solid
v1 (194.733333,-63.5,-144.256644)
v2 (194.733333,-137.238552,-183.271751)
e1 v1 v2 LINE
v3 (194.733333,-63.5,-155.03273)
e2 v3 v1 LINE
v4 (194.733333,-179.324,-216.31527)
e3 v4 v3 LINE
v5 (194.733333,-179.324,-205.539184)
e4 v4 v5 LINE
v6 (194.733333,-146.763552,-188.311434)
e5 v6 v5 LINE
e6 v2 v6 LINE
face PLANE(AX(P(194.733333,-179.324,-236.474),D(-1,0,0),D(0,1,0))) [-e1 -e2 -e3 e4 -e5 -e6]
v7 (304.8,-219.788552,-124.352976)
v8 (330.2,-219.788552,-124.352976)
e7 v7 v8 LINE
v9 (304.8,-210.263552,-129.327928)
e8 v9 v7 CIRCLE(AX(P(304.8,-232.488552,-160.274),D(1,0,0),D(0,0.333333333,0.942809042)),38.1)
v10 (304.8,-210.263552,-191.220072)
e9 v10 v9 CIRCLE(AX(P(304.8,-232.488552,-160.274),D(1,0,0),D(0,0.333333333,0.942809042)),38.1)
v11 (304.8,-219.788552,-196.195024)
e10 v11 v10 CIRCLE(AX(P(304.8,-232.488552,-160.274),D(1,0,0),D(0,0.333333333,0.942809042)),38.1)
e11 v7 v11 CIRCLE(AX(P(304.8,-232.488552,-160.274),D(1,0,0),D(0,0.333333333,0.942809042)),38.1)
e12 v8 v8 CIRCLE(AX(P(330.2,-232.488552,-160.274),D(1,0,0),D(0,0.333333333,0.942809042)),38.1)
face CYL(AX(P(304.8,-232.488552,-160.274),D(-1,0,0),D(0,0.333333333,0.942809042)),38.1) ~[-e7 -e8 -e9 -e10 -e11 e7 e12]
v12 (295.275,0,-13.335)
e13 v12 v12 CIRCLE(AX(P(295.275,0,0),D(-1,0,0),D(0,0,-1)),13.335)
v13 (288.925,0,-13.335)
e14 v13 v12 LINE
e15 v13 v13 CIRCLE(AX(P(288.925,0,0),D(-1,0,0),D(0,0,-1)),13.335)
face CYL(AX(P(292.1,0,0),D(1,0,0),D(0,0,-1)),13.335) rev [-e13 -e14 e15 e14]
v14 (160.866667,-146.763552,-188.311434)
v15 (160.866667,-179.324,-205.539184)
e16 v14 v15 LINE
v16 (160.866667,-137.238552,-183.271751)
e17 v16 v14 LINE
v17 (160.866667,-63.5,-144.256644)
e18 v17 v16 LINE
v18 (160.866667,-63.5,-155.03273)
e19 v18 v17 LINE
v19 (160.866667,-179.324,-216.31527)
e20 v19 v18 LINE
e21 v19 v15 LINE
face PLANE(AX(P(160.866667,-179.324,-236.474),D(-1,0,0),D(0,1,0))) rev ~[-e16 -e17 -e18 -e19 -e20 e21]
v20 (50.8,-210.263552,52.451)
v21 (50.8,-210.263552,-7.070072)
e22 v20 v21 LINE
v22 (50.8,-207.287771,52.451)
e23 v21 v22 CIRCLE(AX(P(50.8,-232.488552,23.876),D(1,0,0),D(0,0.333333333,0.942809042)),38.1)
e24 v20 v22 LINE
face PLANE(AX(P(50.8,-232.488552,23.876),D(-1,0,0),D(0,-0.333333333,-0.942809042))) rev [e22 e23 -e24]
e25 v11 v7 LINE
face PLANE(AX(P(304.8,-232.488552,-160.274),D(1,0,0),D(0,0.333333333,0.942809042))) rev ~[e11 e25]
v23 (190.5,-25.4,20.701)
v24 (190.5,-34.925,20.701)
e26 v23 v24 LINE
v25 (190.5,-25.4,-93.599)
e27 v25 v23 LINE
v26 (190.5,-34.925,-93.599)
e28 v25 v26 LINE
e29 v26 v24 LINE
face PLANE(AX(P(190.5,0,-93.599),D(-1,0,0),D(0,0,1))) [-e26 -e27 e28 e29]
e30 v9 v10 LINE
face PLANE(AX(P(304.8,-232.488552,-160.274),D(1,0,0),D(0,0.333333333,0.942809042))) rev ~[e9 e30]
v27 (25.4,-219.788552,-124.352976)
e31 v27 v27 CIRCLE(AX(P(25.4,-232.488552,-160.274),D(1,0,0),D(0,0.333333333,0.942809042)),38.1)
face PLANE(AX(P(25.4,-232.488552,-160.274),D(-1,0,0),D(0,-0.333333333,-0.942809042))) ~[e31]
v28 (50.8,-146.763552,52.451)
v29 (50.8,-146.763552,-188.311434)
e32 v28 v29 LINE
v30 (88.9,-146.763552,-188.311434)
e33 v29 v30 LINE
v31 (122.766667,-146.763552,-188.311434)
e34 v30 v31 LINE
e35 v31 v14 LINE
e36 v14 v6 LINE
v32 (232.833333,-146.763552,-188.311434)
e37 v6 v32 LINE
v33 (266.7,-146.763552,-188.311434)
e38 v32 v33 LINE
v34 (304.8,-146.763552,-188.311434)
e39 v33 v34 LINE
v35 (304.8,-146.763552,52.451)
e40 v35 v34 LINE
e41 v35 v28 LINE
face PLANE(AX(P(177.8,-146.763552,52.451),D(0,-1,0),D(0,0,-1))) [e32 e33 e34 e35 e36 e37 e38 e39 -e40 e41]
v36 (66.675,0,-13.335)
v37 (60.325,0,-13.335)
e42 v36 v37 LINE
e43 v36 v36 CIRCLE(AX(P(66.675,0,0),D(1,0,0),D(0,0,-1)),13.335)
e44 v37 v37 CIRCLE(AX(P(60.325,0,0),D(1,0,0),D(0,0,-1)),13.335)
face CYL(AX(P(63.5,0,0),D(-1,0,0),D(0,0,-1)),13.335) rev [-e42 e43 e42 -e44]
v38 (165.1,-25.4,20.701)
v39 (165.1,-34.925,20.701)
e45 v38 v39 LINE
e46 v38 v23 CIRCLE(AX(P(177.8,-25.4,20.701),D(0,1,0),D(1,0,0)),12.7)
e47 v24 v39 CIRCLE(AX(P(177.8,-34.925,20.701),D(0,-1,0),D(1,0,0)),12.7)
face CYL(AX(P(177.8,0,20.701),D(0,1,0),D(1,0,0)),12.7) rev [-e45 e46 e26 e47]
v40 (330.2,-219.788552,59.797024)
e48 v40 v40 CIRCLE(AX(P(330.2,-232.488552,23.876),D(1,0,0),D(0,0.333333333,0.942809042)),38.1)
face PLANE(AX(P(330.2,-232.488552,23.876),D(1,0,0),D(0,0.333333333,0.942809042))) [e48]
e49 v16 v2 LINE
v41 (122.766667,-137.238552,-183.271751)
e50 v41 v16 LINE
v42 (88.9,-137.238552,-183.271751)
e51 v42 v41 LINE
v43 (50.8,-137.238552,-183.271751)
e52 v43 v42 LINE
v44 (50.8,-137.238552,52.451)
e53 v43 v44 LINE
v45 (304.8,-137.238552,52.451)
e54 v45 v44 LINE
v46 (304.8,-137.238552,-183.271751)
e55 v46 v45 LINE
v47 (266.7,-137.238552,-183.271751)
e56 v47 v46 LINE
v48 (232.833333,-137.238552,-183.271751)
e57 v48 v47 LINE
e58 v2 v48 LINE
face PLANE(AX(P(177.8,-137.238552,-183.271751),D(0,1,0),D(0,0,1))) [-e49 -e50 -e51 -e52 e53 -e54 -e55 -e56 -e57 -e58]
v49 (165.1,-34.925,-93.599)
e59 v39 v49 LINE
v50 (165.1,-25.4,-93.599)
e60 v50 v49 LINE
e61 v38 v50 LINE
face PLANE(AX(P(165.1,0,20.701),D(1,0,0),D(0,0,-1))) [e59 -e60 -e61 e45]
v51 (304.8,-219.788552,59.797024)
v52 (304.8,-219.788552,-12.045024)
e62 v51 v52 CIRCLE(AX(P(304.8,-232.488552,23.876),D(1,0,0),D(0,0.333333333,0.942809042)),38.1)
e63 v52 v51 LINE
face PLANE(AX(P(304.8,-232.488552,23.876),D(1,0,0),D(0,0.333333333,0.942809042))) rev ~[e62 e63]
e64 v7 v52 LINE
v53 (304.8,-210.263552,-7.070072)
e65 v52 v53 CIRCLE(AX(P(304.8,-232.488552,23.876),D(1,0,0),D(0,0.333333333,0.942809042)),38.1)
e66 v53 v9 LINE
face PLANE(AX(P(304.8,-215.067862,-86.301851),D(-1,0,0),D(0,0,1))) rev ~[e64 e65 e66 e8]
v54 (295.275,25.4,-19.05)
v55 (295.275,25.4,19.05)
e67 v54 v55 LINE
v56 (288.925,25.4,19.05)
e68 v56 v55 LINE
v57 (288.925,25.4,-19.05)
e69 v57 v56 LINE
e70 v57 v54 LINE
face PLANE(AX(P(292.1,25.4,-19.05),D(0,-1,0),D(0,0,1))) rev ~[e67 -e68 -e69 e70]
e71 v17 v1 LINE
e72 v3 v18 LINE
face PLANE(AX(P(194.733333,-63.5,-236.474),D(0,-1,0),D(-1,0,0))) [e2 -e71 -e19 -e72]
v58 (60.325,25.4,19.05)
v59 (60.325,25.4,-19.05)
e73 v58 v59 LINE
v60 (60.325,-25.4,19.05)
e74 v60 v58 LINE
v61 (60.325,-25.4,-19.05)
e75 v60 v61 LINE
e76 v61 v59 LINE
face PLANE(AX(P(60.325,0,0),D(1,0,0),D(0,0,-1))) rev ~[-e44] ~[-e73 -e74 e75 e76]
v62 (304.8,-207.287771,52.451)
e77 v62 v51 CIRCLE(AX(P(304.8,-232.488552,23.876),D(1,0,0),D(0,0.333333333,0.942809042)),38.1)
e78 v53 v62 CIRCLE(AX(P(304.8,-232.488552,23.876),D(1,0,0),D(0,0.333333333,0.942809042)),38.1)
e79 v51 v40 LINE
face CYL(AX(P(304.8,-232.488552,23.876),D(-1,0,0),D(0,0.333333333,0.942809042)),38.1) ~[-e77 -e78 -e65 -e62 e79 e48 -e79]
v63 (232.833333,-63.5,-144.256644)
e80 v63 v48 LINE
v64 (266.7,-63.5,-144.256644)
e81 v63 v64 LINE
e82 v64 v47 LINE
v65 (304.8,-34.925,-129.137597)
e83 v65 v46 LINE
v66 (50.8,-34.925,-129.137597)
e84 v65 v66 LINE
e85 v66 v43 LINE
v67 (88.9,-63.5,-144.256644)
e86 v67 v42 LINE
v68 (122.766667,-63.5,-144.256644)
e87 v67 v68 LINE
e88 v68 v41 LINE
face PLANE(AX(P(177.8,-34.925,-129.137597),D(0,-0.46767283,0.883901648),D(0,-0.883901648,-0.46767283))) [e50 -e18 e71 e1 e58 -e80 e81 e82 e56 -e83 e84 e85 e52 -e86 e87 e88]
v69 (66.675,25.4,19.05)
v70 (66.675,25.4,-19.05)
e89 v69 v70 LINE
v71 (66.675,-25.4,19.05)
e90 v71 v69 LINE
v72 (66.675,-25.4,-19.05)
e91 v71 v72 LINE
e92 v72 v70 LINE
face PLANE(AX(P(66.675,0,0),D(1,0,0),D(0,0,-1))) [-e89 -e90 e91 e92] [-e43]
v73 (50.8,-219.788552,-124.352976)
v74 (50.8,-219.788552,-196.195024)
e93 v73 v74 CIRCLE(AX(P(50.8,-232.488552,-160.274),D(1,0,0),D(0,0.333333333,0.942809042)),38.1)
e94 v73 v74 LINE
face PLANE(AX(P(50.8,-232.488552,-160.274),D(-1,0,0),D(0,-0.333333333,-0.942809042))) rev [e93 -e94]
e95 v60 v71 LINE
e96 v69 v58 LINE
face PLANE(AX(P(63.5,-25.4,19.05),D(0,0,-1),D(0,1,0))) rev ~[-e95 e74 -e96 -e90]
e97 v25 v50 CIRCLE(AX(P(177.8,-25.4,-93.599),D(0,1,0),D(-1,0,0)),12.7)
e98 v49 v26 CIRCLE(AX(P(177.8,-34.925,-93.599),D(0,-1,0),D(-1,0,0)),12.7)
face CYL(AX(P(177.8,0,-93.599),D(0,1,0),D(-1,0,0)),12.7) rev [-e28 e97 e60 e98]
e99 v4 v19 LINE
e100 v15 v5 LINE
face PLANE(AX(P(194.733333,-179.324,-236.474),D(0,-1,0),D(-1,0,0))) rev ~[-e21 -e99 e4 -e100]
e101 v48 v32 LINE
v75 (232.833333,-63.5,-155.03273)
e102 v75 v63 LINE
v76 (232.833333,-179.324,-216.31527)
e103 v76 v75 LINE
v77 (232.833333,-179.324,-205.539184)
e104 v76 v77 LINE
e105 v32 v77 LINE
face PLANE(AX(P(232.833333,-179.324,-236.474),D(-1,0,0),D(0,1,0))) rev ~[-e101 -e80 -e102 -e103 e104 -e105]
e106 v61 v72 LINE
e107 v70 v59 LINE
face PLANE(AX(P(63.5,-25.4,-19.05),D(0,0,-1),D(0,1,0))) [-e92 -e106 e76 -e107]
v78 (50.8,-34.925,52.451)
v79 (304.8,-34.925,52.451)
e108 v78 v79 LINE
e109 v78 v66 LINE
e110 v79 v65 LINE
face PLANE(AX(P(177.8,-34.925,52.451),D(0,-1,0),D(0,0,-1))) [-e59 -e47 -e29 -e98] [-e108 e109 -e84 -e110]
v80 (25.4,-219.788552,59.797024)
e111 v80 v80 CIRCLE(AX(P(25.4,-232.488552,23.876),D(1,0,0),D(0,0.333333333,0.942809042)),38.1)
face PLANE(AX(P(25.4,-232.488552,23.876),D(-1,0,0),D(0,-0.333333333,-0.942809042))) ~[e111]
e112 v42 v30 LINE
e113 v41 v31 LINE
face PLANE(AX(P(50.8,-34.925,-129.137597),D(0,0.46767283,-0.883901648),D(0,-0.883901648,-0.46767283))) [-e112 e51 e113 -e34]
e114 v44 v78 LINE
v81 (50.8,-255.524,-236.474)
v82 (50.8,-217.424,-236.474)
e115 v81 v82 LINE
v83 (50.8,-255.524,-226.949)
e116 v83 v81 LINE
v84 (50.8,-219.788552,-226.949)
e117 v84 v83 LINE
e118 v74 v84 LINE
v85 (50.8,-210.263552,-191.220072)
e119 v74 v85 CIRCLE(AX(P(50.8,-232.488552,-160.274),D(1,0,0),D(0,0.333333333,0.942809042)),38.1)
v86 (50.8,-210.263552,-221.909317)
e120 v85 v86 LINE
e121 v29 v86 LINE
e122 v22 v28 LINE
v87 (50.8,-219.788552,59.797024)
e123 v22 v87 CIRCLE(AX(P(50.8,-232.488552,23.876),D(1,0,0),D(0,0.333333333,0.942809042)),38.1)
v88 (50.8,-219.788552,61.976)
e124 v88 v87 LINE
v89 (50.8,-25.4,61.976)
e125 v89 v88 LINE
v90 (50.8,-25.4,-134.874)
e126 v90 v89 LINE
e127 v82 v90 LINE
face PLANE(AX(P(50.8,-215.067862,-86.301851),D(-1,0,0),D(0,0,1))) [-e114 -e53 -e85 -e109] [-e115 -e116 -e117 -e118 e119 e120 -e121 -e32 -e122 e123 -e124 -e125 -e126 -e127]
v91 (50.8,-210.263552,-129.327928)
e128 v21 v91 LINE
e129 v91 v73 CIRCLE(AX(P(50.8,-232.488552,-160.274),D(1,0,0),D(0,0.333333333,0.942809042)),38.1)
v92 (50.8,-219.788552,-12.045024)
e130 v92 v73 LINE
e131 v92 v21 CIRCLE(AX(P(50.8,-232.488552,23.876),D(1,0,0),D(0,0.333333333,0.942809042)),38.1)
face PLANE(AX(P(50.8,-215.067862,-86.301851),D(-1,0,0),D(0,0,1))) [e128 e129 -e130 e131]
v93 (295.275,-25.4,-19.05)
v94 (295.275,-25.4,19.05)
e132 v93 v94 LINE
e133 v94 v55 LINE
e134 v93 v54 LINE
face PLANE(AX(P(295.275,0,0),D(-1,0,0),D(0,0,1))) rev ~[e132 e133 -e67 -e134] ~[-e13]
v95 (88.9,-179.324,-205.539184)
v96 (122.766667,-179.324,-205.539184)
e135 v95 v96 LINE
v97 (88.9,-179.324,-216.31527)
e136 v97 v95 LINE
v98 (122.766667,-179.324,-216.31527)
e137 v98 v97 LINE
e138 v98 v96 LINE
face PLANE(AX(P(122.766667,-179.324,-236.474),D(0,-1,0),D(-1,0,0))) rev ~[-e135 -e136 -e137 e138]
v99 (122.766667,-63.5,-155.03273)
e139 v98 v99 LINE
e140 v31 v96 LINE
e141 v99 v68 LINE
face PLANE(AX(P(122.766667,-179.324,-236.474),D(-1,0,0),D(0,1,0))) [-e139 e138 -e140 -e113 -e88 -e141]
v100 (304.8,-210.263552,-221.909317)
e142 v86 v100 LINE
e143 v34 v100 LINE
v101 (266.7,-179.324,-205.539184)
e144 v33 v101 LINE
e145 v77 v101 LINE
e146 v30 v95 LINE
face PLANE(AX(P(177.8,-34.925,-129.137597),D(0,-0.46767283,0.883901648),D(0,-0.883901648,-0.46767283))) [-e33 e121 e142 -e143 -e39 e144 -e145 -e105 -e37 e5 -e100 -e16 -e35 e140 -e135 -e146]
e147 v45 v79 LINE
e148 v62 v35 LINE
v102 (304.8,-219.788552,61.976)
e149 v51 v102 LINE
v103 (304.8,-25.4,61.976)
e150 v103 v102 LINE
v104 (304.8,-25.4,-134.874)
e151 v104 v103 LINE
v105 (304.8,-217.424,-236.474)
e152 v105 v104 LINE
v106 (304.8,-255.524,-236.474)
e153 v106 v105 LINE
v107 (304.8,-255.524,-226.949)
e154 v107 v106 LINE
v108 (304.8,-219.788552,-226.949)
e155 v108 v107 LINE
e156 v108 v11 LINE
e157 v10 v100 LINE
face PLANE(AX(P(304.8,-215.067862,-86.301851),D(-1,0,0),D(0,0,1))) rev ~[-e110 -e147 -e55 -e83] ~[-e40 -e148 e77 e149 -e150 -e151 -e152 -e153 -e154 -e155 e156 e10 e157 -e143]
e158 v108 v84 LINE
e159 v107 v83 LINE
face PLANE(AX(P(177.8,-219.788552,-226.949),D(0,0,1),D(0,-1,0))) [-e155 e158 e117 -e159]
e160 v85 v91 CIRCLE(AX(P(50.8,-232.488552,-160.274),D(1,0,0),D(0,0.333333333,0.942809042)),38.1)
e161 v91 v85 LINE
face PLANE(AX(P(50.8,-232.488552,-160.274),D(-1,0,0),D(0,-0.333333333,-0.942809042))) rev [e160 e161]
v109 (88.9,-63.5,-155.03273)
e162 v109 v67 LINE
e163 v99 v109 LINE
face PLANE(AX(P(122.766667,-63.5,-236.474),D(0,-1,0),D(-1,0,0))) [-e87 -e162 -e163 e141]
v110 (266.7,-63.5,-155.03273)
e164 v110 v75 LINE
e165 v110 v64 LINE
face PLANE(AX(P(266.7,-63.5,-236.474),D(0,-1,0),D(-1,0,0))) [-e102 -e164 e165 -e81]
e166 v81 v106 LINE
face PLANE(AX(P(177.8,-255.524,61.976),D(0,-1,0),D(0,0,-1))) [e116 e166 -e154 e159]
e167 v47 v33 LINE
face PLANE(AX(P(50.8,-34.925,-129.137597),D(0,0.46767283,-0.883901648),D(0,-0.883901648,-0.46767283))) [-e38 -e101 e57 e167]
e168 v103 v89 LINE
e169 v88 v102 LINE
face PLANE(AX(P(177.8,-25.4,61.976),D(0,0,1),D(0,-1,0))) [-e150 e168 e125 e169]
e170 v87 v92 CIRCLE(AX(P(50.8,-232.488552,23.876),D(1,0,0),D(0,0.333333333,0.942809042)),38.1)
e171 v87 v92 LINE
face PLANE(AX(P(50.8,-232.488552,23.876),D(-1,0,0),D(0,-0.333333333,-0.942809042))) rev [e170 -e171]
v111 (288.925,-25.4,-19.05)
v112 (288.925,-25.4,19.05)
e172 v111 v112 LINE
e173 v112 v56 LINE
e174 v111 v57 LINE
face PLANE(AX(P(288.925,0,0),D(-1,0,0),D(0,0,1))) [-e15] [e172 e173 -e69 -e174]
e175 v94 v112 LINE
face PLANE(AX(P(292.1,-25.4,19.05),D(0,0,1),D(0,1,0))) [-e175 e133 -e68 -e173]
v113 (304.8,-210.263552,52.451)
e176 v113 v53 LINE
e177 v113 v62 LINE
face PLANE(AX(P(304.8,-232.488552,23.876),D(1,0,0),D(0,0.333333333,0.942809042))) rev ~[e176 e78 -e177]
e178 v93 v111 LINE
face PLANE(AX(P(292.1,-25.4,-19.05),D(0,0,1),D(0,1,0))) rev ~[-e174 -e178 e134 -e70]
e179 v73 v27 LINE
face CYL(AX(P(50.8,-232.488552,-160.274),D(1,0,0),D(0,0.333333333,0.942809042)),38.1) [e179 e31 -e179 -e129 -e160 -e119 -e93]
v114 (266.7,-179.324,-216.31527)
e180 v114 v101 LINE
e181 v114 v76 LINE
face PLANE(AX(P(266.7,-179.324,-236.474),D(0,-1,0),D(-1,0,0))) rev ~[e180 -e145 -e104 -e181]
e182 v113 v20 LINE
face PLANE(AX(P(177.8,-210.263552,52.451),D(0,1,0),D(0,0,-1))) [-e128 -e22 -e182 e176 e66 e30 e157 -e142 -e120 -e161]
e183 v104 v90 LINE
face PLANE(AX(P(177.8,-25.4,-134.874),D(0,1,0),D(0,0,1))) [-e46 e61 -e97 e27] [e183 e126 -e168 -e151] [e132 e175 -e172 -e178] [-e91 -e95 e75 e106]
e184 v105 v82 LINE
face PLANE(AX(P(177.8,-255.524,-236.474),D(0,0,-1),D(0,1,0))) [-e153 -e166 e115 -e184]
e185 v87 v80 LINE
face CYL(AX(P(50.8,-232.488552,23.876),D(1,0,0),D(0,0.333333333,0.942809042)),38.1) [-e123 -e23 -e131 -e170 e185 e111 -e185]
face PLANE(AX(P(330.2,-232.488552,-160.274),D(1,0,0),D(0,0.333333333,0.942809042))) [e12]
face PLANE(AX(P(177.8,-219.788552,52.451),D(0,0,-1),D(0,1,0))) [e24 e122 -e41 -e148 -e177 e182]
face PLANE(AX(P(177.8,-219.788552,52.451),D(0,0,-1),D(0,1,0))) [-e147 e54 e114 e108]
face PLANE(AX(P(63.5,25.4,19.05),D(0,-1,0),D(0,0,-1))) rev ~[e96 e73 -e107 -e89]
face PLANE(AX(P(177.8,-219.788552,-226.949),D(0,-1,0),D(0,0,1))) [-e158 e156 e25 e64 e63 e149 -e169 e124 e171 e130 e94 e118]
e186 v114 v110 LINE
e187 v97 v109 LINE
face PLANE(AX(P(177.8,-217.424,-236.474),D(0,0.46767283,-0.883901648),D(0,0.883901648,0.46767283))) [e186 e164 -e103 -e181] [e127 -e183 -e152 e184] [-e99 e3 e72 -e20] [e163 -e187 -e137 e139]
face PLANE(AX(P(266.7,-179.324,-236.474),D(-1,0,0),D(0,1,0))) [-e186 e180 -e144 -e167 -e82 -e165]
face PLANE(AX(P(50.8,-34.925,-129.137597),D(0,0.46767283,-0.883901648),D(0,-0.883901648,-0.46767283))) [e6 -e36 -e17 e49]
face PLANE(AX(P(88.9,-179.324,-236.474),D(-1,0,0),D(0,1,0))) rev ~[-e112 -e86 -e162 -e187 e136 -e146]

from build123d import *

# Parameters (mm, degrees)
SKETCH2_W           = 38.1
SKETCH2_H           = 50.8
SKETCH2_R           = 13.335
BOSS_EXTRUDE2_DEPTH = 3.175
SKETCH4_W           = 38.1
SKETCH4_H           = 50.8
SKETCH4_R           = 13.335
BOSS_EXTRUDE3_DEPTH = 3.175
BOSS_EXTRUDE4_DEPTH = 127
CUT_EXTRUDE3_DEPTH  = 127
BOSS_EXTRUDE7_DEPTH = 127
SKETCH16_R          = 38.1
BOSS_EXTRUDE8_DEPTH = 25.4
CUT_EXTRUDE6_REACH  = 522.886
SKETCH19_W          = 33.866666667
SKETCH19_H          = 115.824
SKETCH19_W_2        = 33.866666666
CUT_EXTRUDE7_DEPTH  = 34.925


with BuildPart() as part:
    # Sketch2 → Boss-Extrude2 (new, symmetric)
    with BuildSketch(Plane(origin=(63.5, 0, 0), x_dir=(0, 0, -1), z_dir=(1, 0, 0))):
        Rectangle(SKETCH2_W, SKETCH2_H)
        Circle(SKETCH2_R, mode=Mode.SUBTRACT)
    extrude(amount=BOSS_EXTRUDE2_DEPTH, both=True)



with BuildPart() as body_2:
    # Sketch4 → Boss-Extrude3 (new, symmetric)
    with BuildSketch(Plane(origin=(292.1, 0, -263.652), x_dir=(0, 0, 1), z_dir=(-1, 0, 0))):
        with Locations((263.652, 0)):
            Rectangle(SKETCH4_W, SKETCH4_H)
        with Locations(Location((263.652, 0, 0), (0, 0, 180))):
            Circle(SKETCH4_R, mode=Mode.SUBTRACT)
    extrude(amount=BOSS_EXTRUDE3_DEPTH, both=True)


with BuildPart() as part_1:
    add(part.part)

    add(body_2.part)  # Boss-Extrude4 merges body 2
    # Sketch6 → Boss-Extrude4 (add, symmetric)
    with BuildSketch(Plane(origin=(177.8, 0, 0), x_dir=(0, 0, -1), z_dir=(1, 0, 0))):
        Polygon((-19.05, -25.4), (-61.976, -25.4), (-61.976, -255.524), (236.474, -255.524), (236.474, -217.424), (134.874, -25.4), (19.05, -25.4), align=None)
    extrude(amount=BOSS_EXTRUDE4_DEPTH, both=True)

    # Sketch13 → Cut-Extrude3 (cut, symmetric)
    with BuildSketch(Plane(origin=(177.8, 0, 0), x_dir=(0, 0, -1), z_dir=(1, 0, 0))):
        Polygon((-52.451, -34.925), (129.137596743, -34.925), (226.949, -219.788552156), (226.949, -255.524), (-61.976, -255.524), (-61.976, -219.788552156), (-52.451, -219.788552156), align=None)
    extrude(amount=CUT_EXTRUDE3_DEPTH, both=True, mode=Mode.SUBTRACT)

    # Sketch14 → Boss-Extrude7 (add, symmetric)
    with BuildSketch(Plane(origin=(177.8, 0, 0), x_dir=(0, 0, -1), z_dir=(1, 0, 0))):
        Polygon((226.949, -219.788552156), (-52.451, -219.788552156), (-52.451, -210.263552156), (221.90931746, -210.263552156), align=None)
        Polygon((-52.451, -146.763552156), (188.311433862, -146.763552156), (183.271751323, -137.238552156), (-52.451, -137.238552156), align=None)
    extrude(amount=BOSS_EXTRUDE7_DEPTH, both=True)

    # Sketch16 → Boss-Extrude8 (add)
    with BuildSketch(Plane(origin=(304.8, 0, 0), x_dir=(0, 0, -1), z_dir=(1, 0, 0))):
        with Locations(Location((-23.876, -232.488552156, 0), (0, 0, 160.528779366))):
            Circle(SKETCH16_R)
        with Locations(Location((160.274, -232.488552156, 0), (0, 0, 160.528779366))):
            Circle(SKETCH16_R)
    boss_extrude8 = extrude(amount=BOSS_EXTRUDE8_DEPTH)

    # Mirror1: Boss-Extrude8 across plane
    add(boss_extrude8.mirror(Plane(origin=(177.8, 0, 0), x_dir=(0, 0, 1), z_dir=(1, 0, 0))))

    # Cut-Extrude6: up to this plane
    cut_extrude6_end = Plane(origin=(50.8, -34.925, -129.137596743), z_dir=(0, 0.46767282988430103, -0.8839016484813284))
    # Sketch19 → Cut-Extrude6 (cut, up to the surface)
    with BuildSketch(Plane(origin=(0, 0, -236.474), x_dir=(-1, 0, 0), z_dir=(0, 0, -1)), mode=Mode.PRIVATE) as cut_extrude6_sk1:
        with Locations((-249.766666666, -121.412)):
            Rectangle(SKETCH19_W, SKETCH19_H)
    cut_extrude6_tool1 = split(extrude(cut_extrude6_sk1.sketch, amount=-CUT_EXTRUDE6_REACH, mode=Mode.PRIVATE), bisect_by=cut_extrude6_end, keep=Keep.BOTH, mode=Mode.PRIVATE)
    add(cut_extrude6_tool1.solids().sort_by_distance((249.766667, -121.412, -236.474))[0], mode=Mode.SUBTRACT)
    # Sketch19 → Cut-Extrude6 (cut, up to the surface)
    with BuildSketch(Plane(origin=(0, 0, -236.474), x_dir=(-1, 0, 0), z_dir=(0, 0, -1)), mode=Mode.PRIVATE) as cut_extrude6_sk2:
        with Locations((-177.8, -121.412)):
            Rectangle(SKETCH19_W_2, SKETCH19_H)
    cut_extrude6_tool2 = split(extrude(cut_extrude6_sk2.sketch, amount=-CUT_EXTRUDE6_REACH, mode=Mode.PRIVATE), bisect_by=cut_extrude6_end, keep=Keep.BOTH, mode=Mode.PRIVATE)
    add(cut_extrude6_tool2.solids().sort_by_distance((177.8, -121.412, -236.474))[0], mode=Mode.SUBTRACT)
    # Sketch19 → Cut-Extrude6 (cut, up to the surface)
    with BuildSketch(Plane(origin=(0, 0, -236.474), x_dir=(-1, 0, 0), z_dir=(0, 0, -1)), mode=Mode.PRIVATE) as cut_extrude6_sk3:
        with Locations((-105.833333334, -121.412)):
            Rectangle(SKETCH19_W, SKETCH19_H)
    cut_extrude6_tool3 = split(extrude(cut_extrude6_sk3.sketch, amount=-CUT_EXTRUDE6_REACH, mode=Mode.PRIVATE), bisect_by=cut_extrude6_end, keep=Keep.BOTH, mode=Mode.PRIVATE)
    add(cut_extrude6_tool3.solids().sort_by_distance((105.833333, -121.412, -236.474))[0], mode=Mode.SUBTRACT)

    # Sketch20 → Cut-Extrude7 (cut)
    with BuildSketch(Plane(origin=(0, 0, 0), x_dir=(1, 0, 0), z_dir=(0, 1, 0))):
        with BuildLine():
            Line((190.5, 93.599), (190.5, -20.701))
            ThreePointArc((190.5, -20.701), (177.8, -33.401), (165.1, -20.701))
            Line((165.1, -20.701), (165.1, 93.599))
            ThreePointArc((165.1, 93.599), (177.8, 106.299), (190.5, 93.599))
        make_face()
    extrude(amount=-CUT_EXTRUDE7_DEPTH, mode=Mode.SUBTRACT)


solid = part_1.part
